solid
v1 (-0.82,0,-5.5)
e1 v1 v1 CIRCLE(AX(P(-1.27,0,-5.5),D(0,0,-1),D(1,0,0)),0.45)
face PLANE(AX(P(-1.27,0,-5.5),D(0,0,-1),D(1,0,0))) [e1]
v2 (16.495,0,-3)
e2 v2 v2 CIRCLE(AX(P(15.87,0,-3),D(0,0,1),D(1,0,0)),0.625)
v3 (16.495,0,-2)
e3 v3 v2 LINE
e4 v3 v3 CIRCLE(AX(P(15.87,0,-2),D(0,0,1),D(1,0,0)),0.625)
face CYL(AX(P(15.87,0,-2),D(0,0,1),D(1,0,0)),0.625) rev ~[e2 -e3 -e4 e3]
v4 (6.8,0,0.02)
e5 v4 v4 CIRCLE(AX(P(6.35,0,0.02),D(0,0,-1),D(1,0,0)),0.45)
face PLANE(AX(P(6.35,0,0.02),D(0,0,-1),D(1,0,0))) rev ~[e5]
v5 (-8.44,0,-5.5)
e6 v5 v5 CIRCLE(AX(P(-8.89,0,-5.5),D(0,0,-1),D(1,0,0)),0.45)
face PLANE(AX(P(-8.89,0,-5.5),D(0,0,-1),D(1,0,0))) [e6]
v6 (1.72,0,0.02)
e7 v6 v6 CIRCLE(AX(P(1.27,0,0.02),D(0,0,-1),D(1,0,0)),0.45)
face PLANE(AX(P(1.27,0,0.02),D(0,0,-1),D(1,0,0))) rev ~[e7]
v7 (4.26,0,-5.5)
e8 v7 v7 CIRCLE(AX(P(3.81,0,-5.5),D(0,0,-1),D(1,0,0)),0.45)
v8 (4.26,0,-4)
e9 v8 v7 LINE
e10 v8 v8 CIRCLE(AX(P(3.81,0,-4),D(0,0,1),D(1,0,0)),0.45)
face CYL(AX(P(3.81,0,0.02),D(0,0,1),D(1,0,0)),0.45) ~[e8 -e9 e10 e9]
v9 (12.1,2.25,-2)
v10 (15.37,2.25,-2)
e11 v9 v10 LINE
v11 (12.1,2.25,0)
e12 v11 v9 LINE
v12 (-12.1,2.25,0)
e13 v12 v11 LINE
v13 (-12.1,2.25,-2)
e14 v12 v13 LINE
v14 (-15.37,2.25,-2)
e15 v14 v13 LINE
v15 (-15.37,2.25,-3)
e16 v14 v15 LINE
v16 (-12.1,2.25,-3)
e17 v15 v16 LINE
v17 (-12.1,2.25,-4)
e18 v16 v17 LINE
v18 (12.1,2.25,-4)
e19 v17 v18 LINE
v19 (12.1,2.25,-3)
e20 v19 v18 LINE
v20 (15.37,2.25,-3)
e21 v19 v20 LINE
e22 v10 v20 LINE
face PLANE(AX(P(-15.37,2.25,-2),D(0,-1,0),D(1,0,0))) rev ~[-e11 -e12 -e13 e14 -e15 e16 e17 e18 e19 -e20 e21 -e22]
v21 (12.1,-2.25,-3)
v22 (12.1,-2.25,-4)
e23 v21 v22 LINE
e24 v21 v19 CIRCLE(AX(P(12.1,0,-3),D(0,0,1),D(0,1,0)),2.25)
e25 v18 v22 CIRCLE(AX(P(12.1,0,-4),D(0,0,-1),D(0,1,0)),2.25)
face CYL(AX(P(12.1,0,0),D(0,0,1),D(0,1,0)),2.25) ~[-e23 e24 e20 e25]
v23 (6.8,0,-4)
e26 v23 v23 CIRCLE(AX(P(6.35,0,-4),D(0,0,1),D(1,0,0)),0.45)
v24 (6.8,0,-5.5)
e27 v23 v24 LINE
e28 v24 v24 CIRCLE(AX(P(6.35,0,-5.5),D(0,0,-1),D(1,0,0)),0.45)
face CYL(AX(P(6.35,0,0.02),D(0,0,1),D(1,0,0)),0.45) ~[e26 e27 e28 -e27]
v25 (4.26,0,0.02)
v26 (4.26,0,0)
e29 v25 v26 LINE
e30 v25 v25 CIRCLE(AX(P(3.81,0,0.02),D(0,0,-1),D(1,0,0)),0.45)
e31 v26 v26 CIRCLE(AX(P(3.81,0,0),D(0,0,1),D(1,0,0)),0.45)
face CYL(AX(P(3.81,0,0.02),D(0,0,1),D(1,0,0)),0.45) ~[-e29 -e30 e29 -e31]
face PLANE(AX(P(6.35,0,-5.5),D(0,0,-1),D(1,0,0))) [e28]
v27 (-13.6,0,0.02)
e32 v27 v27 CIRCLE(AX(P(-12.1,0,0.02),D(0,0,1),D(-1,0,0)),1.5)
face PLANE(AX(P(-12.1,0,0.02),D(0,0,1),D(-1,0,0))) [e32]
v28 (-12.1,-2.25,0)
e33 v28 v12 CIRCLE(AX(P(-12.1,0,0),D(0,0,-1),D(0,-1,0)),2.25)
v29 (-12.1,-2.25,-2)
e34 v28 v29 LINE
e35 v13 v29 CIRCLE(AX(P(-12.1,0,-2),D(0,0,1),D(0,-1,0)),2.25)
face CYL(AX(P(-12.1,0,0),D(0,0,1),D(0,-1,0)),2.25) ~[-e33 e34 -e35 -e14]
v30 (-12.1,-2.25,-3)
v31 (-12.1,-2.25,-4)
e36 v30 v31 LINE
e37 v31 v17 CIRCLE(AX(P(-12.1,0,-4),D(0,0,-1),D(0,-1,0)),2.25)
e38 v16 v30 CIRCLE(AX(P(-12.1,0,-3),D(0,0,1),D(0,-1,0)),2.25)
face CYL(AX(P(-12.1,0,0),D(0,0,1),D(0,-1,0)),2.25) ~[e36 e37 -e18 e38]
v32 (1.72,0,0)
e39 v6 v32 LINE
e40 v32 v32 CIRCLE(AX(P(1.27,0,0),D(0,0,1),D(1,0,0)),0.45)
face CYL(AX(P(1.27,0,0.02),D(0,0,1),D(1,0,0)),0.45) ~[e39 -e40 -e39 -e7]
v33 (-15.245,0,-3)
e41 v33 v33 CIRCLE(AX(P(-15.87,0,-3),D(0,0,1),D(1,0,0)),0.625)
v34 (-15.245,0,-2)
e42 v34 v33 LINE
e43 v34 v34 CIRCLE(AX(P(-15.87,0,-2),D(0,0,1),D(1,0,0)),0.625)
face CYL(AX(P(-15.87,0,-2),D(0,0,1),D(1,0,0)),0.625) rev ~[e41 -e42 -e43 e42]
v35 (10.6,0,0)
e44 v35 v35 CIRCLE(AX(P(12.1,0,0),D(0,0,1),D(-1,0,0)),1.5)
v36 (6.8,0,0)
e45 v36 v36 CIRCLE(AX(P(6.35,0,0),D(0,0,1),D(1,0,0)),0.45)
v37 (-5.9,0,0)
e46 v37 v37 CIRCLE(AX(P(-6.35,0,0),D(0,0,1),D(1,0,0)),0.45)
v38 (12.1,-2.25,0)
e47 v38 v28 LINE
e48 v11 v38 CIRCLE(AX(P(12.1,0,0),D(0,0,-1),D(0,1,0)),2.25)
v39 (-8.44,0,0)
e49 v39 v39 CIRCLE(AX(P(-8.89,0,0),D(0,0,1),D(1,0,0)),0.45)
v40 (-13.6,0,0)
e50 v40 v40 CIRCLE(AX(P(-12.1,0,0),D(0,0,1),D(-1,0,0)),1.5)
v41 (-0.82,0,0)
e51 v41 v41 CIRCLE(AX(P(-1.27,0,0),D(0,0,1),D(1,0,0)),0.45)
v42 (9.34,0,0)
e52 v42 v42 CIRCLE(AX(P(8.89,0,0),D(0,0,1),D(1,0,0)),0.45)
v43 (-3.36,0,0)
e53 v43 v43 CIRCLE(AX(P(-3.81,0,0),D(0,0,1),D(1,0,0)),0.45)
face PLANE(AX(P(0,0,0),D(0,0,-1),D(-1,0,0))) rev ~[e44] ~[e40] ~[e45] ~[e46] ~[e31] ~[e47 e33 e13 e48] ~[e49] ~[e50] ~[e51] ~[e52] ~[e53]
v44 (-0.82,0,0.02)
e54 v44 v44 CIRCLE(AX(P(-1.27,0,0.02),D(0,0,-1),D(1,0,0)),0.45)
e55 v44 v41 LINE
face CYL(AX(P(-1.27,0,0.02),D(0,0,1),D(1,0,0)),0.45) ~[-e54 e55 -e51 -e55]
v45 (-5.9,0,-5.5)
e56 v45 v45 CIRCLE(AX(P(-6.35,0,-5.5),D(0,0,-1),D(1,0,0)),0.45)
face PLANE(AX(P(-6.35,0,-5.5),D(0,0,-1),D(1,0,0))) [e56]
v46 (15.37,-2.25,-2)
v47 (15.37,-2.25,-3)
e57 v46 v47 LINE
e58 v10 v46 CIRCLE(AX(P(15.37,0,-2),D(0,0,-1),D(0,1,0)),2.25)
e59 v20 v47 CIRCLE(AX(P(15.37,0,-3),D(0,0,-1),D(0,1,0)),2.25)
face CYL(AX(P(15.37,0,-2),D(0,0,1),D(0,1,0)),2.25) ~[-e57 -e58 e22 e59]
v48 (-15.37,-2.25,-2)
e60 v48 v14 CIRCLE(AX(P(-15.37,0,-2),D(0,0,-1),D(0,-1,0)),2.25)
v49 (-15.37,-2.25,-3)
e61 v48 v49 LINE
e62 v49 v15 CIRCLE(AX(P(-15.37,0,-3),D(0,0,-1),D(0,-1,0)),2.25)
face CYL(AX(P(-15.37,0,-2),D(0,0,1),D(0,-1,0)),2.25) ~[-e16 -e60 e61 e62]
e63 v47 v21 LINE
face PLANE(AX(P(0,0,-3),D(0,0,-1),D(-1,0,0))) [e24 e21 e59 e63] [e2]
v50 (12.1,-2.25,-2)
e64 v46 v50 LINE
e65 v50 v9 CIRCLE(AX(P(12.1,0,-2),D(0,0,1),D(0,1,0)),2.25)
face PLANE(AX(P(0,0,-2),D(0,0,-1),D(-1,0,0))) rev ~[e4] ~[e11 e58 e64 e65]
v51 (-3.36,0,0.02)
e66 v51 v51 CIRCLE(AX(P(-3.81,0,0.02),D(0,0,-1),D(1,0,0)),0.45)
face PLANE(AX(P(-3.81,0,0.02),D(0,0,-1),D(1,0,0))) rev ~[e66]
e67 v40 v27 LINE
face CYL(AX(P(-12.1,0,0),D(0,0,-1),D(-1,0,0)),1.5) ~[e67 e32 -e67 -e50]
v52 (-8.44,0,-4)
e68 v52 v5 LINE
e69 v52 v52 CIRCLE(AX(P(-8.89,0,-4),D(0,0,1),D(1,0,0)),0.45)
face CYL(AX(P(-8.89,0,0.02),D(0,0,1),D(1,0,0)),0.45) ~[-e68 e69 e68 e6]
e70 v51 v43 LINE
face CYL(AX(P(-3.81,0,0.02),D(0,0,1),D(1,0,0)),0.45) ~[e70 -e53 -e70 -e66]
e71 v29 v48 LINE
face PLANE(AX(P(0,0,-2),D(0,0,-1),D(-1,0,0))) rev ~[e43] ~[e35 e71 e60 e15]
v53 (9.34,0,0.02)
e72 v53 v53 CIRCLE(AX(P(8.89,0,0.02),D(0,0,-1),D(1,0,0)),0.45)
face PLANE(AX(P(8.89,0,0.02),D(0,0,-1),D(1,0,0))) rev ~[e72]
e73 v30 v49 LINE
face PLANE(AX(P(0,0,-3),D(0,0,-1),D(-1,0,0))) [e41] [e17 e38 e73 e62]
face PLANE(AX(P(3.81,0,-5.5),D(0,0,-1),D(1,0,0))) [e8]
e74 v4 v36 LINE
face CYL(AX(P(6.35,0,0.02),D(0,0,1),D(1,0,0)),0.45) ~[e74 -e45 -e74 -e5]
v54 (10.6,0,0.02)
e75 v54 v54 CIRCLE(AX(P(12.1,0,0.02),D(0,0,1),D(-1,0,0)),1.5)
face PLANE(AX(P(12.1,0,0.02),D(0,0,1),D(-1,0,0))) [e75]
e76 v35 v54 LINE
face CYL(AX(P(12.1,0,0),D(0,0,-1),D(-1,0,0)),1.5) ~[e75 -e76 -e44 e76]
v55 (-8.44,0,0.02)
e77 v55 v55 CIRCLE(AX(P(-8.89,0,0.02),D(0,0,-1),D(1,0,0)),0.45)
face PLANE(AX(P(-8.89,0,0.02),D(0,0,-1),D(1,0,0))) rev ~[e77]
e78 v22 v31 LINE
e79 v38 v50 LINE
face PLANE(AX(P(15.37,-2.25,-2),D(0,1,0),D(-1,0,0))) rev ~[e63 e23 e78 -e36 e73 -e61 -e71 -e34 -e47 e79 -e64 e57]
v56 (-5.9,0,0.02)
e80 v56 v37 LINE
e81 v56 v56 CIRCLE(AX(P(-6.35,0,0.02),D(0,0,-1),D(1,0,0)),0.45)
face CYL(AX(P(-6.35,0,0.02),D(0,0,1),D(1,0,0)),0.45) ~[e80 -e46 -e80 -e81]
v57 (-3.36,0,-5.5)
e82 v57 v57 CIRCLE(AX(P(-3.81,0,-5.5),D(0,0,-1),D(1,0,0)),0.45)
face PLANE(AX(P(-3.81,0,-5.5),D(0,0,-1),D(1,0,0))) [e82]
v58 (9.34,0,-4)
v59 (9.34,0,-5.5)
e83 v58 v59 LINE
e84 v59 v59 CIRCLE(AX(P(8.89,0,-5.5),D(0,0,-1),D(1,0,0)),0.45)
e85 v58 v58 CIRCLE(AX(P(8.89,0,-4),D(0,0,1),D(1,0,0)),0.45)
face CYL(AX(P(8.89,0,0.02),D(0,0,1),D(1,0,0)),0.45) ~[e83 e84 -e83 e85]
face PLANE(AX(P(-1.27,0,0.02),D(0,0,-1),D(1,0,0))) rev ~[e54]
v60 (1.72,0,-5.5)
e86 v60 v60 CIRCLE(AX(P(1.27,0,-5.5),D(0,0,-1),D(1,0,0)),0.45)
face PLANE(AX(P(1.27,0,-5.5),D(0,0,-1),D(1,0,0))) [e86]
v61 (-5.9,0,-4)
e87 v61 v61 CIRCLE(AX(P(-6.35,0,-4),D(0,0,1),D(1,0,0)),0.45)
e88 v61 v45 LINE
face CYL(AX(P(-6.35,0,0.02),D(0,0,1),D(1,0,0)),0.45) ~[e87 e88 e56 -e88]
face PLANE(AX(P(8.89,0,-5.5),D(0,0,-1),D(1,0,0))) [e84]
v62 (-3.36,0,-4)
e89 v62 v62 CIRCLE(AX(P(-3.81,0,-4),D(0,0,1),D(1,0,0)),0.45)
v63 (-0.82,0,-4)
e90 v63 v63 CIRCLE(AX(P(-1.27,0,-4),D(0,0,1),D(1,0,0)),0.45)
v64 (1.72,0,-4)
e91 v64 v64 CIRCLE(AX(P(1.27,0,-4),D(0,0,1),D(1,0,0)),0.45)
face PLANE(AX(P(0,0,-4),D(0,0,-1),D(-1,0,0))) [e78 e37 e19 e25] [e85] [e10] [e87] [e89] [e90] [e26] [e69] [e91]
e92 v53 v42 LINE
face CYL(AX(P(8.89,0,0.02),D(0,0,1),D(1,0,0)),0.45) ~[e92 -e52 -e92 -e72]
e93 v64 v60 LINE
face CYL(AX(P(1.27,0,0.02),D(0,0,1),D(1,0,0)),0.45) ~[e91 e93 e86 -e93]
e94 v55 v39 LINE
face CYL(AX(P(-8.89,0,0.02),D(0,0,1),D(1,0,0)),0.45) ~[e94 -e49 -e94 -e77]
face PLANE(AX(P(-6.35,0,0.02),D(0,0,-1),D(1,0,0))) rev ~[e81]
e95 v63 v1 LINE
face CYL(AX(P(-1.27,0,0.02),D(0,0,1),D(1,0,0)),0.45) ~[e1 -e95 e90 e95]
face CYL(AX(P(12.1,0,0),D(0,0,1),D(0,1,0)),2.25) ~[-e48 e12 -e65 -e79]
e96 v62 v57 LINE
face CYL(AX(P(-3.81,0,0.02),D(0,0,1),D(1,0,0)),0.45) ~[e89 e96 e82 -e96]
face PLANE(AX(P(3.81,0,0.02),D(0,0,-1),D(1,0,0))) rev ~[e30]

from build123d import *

# Parameters (mm, degrees)
EXTRUDE_1_DEPTH      = 4
EXTRUDE_START        = -2
SKETCH_2_3_R         = 0.625
EXTRUDE_2_DEPTH      = 1
EXTRUDE_3_DEPTH      = 1.5
EXTRUDE_3_DEPTH_BACK = 4.02
SKETCH_4_R           = 0.45
SKETCH_5_R           = 1.5
EXTRUDE_4_DEPTH      = 0.02


with BuildPart() as part:
    # 草图2 → 凸台-拉伸1 (new body)
    with BuildSketch(Plane.XY):
        with BuildLine():
            Line((-12.1, 2.25), (12.1, 2.25))
            ThreePointArc((12.1, 2.25), (14.35, 0), (12.1, -2.25))
            Line((12.1, -2.25), (-12.1, -2.25))
            ThreePointArc((-12.1, -2.25), (-14.35, 0), (-12.1, 2.25))
        make_face()
    extrude(amount=-EXTRUDE_1_DEPTH)

    # 草图2<3> → 凸台-拉伸2 (add)
    with BuildSketch(Plane.XY.offset(EXTRUDE_START)):
        with BuildLine():
            Line((-15.37, 2.25), (15.37, 2.25))
            ThreePointArc((15.37, 2.25), (17.62, 0), (15.37, -2.25))
            Line((15.37, -2.25), (-15.37, -2.25))
            ThreePointArc((-15.37, -2.25), (-17.62, 0), (-15.37, 2.25))
        make_face()
        with Locations((-15.87, 0)):
            Circle(SKETCH_2_3_R, mode=Mode.SUBTRACT)
        with Locations((15.87, 0)):
            Circle(SKETCH_2_3_R, mode=Mode.SUBTRACT)
    extrude(amount=-EXTRUDE_2_DEPTH)

    # 草图4 → 凸台-拉伸3 (add, two sides: drawn at the far end of the back side and taken through both)
    with BuildSketch(Plane(origin=(0, 0, -4), x_dir=(-1, 0, 0), z_dir=(0, 0, -1)).offset(-EXTRUDE_3_DEPTH_BACK)):
        with Locations(Location((-8.89, 0, 0), (0, 0, 180))):
            Circle(SKETCH_4_R)
        with Locations(Location((-6.35, 0, 0), (0, 0, 180))):
            Circle(SKETCH_4_R)
        with Locations(Location((-3.81, 0, 0), (0, 0, 180))):
            Circle(SKETCH_4_R)
        with Locations(Location((-1.27, 0, 0), (0, 0, 180))):
            Circle(SKETCH_4_R)
        with Locations(Location((1.27, 0, 0), (0, 0, 180))):
            Circle(SKETCH_4_R)
        with Locations(Location((3.81, 0, 0), (0, 0, 180))):
            Circle(SKETCH_4_R)
        with Locations(Location((6.35, 0, 0), (0, 0, 180))):
            Circle(SKETCH_4_R)
        with Locations(Location((8.89, 0, 0), (0, 0, 180))):
            Circle(SKETCH_4_R)
    extrude(amount=EXTRUDE_3_DEPTH + EXTRUDE_3_DEPTH_BACK)

    # 草图5 → 凸台-拉伸4 (add)
    with BuildSketch(Plane.XY):
        with Locations(Location((-12.1, 0, 0), (0, 0, 180))):
            Circle(SKETCH_5_R)
        with Locations(Location((12.1, 0, 0), (0, 0, 180))):
            Circle(SKETCH_5_R)
    extrude(amount=EXTRUDE_4_DEPTH)


solid = part.part
